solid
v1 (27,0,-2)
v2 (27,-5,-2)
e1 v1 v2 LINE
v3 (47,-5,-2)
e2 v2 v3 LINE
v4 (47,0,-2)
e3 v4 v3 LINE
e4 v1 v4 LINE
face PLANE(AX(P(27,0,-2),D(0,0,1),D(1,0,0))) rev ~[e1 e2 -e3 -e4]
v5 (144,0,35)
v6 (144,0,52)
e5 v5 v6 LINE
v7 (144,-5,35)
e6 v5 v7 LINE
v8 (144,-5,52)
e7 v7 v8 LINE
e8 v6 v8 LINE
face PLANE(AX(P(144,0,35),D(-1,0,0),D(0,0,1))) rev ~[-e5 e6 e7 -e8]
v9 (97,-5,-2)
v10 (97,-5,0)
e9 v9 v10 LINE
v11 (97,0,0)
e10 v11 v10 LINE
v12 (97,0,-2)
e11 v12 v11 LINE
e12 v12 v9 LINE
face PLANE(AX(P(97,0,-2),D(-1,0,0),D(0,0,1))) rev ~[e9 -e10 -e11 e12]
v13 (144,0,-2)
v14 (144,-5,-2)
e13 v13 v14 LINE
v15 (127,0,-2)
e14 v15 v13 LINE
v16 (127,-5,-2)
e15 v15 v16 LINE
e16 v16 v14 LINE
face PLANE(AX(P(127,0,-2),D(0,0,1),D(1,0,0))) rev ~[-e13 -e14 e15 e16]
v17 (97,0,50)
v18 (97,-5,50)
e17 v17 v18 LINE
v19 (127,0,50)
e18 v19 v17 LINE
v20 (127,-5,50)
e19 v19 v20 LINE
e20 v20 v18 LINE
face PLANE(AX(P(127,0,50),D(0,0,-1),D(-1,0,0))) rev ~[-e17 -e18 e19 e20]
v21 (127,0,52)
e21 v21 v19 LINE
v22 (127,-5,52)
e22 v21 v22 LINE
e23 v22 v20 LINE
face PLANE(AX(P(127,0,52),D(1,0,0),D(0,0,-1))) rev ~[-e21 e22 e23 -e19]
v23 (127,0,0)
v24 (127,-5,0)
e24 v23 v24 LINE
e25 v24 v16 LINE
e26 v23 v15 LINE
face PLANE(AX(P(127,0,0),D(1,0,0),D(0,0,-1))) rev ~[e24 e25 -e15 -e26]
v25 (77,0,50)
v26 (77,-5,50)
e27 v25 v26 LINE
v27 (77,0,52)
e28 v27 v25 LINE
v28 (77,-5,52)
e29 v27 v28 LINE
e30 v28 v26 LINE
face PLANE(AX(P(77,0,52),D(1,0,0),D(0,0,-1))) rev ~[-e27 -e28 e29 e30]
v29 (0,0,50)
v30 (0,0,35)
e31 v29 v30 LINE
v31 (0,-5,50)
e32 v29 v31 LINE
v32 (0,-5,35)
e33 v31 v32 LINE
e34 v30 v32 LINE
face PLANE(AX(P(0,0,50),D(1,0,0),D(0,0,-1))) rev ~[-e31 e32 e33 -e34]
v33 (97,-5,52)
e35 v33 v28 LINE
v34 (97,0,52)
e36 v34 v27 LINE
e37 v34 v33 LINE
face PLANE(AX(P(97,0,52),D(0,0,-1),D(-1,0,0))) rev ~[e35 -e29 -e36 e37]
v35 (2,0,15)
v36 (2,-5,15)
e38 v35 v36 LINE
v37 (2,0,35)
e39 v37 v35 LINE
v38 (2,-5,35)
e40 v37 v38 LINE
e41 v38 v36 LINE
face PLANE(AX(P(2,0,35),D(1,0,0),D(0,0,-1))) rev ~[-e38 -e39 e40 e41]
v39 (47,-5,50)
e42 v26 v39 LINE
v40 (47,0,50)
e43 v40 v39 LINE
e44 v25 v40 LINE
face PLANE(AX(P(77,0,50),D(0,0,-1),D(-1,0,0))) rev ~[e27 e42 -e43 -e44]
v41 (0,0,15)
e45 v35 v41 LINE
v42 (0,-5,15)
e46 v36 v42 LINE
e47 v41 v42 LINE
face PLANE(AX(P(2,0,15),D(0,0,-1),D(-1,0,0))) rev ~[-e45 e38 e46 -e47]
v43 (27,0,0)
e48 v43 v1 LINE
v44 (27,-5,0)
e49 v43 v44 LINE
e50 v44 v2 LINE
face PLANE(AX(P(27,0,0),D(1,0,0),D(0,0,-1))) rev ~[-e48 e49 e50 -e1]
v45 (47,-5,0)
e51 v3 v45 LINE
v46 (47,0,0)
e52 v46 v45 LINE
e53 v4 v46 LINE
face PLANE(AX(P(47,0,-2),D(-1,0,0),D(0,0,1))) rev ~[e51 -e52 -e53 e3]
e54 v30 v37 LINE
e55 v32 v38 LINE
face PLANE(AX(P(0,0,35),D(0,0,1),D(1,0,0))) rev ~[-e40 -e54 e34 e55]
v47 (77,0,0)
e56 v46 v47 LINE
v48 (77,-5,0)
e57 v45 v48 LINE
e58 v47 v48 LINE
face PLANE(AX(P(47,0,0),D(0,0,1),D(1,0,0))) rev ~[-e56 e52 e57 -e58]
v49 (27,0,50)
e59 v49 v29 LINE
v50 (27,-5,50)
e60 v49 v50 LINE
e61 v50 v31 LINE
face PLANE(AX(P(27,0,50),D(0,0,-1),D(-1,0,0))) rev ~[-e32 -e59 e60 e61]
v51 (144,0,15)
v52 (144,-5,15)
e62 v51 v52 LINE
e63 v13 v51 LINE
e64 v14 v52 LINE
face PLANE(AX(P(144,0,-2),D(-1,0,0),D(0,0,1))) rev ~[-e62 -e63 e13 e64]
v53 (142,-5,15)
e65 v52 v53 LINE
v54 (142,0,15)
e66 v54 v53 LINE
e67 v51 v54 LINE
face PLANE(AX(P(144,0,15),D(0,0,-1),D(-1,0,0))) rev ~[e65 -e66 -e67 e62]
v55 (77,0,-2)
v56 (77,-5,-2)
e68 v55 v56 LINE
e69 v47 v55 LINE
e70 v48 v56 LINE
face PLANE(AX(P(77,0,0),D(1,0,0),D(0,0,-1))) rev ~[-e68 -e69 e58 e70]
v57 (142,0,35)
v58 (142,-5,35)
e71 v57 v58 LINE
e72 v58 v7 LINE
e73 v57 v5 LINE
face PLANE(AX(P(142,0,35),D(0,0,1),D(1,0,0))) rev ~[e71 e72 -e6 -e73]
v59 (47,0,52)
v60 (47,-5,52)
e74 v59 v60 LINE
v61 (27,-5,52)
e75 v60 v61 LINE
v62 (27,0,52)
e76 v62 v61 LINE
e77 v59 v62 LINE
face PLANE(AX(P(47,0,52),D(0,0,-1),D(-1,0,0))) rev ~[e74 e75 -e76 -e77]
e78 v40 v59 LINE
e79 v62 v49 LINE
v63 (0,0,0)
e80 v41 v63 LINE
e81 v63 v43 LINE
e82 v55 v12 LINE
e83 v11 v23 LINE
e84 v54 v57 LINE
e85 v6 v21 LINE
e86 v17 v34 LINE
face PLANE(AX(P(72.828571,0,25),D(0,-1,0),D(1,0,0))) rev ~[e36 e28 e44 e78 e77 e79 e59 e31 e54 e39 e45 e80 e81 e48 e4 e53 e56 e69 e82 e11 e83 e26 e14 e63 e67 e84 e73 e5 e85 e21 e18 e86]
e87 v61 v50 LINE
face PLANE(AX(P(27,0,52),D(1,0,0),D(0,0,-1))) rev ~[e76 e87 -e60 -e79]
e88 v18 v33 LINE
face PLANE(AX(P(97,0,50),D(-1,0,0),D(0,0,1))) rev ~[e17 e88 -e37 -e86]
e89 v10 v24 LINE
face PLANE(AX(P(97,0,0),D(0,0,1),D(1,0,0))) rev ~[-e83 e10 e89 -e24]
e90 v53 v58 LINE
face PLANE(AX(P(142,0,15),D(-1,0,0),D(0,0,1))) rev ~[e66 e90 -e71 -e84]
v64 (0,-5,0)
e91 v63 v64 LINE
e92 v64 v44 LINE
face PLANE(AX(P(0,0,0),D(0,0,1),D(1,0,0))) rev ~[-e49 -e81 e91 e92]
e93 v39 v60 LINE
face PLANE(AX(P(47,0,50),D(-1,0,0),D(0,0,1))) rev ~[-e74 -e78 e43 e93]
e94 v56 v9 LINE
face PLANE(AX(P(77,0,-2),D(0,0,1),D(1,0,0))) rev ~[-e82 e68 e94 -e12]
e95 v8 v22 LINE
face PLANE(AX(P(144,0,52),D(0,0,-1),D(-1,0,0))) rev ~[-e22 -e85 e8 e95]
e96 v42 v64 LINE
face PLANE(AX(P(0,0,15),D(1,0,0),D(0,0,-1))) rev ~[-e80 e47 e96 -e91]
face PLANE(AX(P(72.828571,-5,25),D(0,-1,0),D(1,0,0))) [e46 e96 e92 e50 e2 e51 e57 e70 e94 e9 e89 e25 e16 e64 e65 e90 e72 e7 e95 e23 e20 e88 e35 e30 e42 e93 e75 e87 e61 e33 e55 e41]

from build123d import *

# Parameters (mm, degrees)
F1_DEPTH = 5


with BuildPart() as f1:
    # F0 (on Front) → F1 (new body)
    with BuildSketch(Plane.XZ):
        Polygon((0, 15), (0, 0), (27, 0), (27, -2), (47, -2), (47, 0), (77, 0), (77, -2), (97, -2), (97, 0), (127, 0), (127, -2), (144, -2), (144, 15), (142, 15), (142, 35), (144, 35), (144, 52), (127, 52), (127, 50), (97, 50), (97, 52), (77, 52), (77, 50), (47, 50), (47, 52), (27, 52), (27, 50), (0, 50), (0, 35), (2, 35), (2, 15), align=None)
    extrude(amount=F1_DEPTH)


solid = f1.part
